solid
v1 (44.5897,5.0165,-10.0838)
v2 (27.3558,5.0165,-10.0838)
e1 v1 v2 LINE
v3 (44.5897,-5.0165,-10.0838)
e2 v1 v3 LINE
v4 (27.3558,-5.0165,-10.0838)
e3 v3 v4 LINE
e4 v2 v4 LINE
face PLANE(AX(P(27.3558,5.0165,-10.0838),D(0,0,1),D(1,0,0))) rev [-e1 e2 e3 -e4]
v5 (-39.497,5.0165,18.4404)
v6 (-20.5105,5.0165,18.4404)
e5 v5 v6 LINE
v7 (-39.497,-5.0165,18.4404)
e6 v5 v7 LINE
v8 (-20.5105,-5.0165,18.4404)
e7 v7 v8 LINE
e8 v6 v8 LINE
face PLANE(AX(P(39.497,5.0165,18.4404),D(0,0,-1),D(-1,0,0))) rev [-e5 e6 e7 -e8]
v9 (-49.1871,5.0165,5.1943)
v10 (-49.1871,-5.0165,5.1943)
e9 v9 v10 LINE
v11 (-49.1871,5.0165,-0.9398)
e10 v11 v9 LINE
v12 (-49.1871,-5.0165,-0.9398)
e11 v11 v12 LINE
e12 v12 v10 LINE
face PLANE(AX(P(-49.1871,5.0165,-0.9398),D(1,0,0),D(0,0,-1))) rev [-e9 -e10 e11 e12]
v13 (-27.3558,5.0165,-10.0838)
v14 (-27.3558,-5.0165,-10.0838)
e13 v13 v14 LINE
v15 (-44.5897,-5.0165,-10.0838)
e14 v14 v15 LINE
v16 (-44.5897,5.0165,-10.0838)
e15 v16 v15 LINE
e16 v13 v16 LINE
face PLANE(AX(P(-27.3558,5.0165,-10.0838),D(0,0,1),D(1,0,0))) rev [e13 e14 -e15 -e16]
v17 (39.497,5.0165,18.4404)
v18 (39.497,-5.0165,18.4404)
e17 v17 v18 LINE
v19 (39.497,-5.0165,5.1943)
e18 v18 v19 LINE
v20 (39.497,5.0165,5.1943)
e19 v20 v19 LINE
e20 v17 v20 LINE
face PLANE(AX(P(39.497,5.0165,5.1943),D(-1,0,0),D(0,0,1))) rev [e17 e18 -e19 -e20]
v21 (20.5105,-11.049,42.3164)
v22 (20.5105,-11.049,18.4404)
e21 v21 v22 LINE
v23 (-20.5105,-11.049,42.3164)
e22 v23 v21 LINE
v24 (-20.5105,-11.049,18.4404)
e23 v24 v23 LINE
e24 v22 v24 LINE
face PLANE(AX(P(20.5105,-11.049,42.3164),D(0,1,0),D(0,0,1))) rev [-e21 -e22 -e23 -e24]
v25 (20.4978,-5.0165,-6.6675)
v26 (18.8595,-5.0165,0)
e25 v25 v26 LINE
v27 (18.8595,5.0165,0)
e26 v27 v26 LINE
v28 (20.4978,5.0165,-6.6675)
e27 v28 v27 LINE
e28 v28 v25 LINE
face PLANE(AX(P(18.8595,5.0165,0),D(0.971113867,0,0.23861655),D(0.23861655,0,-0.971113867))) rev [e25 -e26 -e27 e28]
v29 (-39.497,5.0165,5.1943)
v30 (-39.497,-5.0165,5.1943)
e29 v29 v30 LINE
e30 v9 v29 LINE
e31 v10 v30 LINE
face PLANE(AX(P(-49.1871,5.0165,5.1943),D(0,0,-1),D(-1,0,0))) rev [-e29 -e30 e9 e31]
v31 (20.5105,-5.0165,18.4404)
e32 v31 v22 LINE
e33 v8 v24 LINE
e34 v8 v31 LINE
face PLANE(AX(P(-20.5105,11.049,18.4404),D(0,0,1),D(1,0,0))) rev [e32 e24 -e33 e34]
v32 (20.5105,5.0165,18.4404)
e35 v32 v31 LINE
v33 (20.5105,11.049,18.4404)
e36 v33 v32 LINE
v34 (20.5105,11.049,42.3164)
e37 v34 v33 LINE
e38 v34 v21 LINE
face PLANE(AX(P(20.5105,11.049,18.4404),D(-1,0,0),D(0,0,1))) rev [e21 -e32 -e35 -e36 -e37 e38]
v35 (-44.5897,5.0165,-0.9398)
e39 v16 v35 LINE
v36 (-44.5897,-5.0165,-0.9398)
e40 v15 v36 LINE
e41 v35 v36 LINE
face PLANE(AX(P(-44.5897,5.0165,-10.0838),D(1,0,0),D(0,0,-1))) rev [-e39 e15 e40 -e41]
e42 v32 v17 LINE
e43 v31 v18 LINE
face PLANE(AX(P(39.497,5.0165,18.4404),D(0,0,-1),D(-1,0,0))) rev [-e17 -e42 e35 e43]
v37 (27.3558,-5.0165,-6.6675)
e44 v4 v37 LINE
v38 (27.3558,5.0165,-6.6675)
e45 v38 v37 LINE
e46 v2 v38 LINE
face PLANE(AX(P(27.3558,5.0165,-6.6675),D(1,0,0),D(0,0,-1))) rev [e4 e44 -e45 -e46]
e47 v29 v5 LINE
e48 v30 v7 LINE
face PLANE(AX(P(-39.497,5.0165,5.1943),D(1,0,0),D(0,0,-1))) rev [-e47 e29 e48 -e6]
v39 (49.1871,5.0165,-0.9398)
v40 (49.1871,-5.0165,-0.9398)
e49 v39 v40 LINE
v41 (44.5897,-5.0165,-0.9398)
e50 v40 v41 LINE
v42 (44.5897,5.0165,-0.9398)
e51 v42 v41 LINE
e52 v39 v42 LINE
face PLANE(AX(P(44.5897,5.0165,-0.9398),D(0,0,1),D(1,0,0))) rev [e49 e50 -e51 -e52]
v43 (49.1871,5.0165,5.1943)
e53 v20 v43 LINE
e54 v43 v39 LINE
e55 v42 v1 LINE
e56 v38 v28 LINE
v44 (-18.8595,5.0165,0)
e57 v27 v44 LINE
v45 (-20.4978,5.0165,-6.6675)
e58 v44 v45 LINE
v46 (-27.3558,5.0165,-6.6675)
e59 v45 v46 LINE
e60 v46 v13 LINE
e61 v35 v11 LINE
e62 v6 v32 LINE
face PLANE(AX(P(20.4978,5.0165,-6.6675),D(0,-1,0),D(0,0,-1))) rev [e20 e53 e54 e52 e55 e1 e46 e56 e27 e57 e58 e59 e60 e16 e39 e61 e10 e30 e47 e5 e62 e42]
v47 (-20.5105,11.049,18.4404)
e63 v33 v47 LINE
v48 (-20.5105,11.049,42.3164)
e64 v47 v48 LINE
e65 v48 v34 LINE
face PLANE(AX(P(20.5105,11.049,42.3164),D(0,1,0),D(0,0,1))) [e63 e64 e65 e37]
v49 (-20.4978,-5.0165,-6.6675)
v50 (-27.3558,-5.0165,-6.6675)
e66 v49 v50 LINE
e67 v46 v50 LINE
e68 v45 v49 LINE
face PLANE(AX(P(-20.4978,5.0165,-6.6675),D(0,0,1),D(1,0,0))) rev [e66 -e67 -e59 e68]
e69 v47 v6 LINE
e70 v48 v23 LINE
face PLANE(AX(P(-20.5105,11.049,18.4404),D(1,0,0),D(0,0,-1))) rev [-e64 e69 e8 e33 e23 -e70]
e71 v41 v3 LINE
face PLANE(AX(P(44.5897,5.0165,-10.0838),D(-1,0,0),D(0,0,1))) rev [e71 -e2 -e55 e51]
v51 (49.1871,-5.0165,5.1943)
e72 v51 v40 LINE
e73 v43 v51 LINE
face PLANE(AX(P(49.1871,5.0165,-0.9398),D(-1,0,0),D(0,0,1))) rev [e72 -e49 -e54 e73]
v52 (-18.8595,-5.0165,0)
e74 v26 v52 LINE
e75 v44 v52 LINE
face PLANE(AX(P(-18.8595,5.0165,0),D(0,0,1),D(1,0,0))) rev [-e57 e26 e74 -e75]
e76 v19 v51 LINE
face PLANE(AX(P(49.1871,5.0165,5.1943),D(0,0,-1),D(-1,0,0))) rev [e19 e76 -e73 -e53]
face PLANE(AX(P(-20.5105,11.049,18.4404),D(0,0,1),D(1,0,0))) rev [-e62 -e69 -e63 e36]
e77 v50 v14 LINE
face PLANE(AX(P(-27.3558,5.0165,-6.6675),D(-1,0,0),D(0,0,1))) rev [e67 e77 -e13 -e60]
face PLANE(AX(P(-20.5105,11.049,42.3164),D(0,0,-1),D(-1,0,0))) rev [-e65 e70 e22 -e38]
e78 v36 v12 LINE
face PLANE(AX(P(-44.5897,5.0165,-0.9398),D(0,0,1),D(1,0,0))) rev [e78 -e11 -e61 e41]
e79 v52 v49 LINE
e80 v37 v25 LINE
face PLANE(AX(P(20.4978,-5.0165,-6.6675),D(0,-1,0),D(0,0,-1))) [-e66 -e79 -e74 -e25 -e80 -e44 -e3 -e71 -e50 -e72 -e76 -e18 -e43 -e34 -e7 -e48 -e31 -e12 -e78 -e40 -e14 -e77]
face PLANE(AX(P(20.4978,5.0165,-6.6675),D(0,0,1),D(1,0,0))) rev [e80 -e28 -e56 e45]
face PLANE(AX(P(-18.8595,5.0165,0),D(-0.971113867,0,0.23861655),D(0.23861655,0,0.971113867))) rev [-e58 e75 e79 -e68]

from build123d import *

# Parameters (mm, degrees)
BOSS_EXTRUDE1_DEPTH = 5.0165
SKETCH2_W           = 41.021
SKETCH2_H           = 23.876
BOSS_EXTRUDE2_DEPTH = 11.049


with BuildPart() as part:
    # Sketch1 → Boss-Extrude1 (new, symmetric)
    with BuildSketch(Plane(origin=(0, 0, 0), x_dir=(1, 0, 0), z_dir=(0, 1, 0))):
        Polygon((-18.8595, 0), (18.8595, 0), (20.4978, 6.6675), (27.3558, 6.6675), (27.3558, 10.0838), (44.5897, 10.0838), (44.5897, 0.9398), (49.1871, 0.9398), (49.1871, -5.1943), (39.497, -5.1943), (39.497, -18.4404), (-39.497, -18.4404), (-39.497, -5.1943), (-49.1871, -5.1943), (-49.1871, 0.9398), (-44.5897, 0.9398), (-44.5897, 10.0838), (-27.3558, 10.0838), (-27.3558, 6.6675), (-20.4978, 6.6675), align=None)
    extrude(amount=BOSS_EXTRUDE1_DEPTH, both=True)

    # Sketch2 → Boss-Extrude2 (add, symmetric)
    with BuildSketch(Plane(origin=(0, 0, 0), x_dir=(1, 0, 0), z_dir=(0, 1, 0))):
        with Locations((0, -30.3784)):
            Rectangle(SKETCH2_W, SKETCH2_H)
    extrude(amount=BOSS_EXTRUDE2_DEPTH, both=True)


solid = part.part
